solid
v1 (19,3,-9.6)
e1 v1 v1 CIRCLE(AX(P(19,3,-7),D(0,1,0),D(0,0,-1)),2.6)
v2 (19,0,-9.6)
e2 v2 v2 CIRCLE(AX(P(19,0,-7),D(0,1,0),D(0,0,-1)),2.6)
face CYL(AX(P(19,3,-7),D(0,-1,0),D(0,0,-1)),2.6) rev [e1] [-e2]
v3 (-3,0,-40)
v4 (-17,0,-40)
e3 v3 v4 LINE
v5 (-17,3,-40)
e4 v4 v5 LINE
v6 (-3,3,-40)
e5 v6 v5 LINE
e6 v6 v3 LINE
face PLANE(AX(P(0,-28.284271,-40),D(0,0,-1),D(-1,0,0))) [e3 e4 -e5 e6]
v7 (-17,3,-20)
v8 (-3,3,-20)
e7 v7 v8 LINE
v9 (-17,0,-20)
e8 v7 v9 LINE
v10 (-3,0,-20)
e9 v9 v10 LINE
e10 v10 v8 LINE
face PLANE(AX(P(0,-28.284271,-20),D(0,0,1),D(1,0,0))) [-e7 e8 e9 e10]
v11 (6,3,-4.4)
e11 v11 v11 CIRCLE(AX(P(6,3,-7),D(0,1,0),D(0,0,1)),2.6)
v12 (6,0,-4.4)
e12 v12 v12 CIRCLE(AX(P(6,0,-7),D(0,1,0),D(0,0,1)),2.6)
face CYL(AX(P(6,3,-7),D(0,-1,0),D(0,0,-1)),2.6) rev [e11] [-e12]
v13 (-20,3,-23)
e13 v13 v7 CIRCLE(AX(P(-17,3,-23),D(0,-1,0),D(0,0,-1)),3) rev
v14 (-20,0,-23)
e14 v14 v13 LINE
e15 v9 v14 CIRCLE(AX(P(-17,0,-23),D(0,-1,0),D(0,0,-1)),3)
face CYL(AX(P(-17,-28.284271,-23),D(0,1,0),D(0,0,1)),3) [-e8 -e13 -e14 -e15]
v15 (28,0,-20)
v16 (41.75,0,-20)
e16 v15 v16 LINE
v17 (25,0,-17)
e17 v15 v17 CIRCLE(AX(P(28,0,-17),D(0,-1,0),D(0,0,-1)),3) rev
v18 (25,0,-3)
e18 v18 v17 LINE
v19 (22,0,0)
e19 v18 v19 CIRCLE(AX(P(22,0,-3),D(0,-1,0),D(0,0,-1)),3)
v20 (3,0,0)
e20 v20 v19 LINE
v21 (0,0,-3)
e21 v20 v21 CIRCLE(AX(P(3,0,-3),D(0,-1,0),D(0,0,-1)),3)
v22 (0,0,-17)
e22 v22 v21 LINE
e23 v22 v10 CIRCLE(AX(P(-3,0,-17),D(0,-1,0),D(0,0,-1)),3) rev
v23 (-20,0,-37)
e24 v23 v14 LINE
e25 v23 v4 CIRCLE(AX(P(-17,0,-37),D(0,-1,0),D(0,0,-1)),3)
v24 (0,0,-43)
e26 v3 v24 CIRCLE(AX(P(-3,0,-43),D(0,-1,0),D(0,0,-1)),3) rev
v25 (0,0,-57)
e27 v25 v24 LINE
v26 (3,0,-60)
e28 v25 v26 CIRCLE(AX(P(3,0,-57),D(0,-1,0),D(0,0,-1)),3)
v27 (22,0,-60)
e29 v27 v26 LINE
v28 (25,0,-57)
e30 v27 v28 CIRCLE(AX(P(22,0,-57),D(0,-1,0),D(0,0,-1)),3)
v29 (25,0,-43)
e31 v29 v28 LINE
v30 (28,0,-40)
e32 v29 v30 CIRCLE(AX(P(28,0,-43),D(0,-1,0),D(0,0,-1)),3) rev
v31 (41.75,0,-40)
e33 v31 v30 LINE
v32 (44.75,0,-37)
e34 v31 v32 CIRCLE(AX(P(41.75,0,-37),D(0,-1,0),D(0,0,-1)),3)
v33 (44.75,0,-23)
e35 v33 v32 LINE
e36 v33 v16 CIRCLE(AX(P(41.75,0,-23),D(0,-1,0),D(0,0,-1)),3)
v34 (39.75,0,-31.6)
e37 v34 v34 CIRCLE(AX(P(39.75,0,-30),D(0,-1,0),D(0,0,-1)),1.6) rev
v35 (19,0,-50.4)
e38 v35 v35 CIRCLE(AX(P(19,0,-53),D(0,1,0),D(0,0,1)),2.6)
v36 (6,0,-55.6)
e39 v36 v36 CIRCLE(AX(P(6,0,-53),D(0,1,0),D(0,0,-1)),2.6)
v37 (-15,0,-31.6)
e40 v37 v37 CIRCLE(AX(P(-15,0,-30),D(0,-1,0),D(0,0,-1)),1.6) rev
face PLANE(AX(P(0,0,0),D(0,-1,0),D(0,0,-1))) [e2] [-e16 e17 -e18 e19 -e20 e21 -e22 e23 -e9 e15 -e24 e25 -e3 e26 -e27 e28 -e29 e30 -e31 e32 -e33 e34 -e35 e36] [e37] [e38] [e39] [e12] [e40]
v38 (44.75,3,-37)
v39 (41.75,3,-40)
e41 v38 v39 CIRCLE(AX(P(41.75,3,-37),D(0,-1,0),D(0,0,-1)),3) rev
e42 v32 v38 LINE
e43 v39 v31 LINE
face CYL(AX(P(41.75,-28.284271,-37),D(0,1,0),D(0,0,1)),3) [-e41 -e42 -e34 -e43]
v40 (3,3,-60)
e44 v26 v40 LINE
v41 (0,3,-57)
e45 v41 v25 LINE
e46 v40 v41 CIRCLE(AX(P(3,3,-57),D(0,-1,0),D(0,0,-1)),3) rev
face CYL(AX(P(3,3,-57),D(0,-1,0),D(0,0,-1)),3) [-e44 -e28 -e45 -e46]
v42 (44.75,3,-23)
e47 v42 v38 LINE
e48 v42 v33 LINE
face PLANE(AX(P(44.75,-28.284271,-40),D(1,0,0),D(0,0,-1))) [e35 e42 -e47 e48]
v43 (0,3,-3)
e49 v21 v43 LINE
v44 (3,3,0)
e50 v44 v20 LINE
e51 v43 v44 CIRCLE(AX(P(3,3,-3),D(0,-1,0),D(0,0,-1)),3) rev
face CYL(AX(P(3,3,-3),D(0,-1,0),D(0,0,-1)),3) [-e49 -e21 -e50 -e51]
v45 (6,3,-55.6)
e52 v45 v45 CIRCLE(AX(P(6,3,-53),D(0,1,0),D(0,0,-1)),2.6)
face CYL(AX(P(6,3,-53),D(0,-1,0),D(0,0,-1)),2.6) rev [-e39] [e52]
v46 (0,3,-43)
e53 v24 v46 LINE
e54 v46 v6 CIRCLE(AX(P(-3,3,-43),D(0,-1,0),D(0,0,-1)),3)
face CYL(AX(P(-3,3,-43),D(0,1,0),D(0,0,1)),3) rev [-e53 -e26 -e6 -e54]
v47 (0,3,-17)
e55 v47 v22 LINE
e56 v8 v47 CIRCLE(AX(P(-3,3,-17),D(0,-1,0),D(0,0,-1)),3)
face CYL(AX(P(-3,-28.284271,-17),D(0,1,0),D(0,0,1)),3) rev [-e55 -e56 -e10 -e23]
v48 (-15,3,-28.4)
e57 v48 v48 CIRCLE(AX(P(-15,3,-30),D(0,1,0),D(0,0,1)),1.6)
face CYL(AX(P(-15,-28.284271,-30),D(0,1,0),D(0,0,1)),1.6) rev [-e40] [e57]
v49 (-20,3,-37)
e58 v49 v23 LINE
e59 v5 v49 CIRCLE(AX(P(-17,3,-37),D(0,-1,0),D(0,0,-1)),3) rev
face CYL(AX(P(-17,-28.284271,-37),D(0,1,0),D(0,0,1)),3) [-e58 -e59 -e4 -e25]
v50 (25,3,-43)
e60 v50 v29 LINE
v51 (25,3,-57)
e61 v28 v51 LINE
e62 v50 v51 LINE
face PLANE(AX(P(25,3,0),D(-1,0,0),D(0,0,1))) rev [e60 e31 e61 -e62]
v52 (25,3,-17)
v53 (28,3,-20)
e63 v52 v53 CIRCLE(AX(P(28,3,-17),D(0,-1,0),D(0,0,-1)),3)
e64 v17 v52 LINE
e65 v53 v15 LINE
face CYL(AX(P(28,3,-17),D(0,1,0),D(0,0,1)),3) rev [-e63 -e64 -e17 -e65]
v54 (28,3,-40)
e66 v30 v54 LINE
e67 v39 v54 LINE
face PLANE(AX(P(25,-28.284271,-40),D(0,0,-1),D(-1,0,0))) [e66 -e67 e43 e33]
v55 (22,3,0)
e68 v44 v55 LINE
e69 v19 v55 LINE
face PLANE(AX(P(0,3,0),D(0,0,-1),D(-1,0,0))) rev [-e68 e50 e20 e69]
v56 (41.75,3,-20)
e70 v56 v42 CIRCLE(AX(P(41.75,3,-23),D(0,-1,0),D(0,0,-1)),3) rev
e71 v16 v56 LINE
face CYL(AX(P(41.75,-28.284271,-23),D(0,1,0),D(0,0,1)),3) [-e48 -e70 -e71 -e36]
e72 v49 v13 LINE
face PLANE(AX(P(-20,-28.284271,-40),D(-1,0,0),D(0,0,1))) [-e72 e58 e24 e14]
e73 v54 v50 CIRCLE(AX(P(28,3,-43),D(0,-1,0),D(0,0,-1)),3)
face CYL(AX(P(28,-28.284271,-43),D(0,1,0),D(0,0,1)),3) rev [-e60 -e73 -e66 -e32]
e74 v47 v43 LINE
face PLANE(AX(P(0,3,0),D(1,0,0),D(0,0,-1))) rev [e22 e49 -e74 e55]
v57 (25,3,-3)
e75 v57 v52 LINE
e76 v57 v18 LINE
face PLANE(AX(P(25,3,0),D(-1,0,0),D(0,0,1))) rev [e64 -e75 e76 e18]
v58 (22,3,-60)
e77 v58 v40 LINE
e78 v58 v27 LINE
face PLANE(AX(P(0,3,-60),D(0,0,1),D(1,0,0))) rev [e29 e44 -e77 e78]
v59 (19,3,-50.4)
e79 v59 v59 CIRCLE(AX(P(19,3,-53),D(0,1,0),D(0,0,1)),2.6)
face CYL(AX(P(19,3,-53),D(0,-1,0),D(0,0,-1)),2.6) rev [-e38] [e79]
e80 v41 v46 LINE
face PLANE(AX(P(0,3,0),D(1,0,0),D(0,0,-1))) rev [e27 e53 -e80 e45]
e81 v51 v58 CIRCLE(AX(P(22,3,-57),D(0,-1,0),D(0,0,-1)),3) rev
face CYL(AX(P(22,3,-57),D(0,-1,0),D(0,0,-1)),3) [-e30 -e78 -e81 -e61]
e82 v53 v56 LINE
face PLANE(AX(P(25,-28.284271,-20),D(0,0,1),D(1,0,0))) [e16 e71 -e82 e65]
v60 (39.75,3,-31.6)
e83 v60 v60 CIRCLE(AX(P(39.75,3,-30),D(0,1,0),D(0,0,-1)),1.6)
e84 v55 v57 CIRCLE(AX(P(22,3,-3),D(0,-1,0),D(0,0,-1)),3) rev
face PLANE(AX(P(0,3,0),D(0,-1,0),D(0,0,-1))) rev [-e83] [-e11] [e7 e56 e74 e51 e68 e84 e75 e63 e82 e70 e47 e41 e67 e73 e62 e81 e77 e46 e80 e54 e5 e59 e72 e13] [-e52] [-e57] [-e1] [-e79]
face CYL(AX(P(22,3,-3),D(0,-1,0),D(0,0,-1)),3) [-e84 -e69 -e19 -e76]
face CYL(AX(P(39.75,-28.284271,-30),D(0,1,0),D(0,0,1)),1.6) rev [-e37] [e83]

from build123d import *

# Parameters (mm, degrees)
SKETCH_1_W      = 25
SKETCH_1_H      = 60
SKETCH_1_R      = 2.6
EXTRUDE_1_DEPTH = 3
SKETCH_2_W      = 20
SKETCH_2_H      = 20
SKETCH_2_R      = 1.6
SKETCH_2_W_2    = 19.75
EXTRUDE_2_DEPTH = 3
FILLET_1_R      = 3


with BuildPart() as part:
    # 草图1 → 凸台-拉伸1 (new body)
    with BuildSketch(Plane(origin=(0, 0, 0), x_dir=(1, 0, 0), z_dir=(0, 1, 0))):
        with Locations((12.5, 30)):
            Rectangle(SKETCH_1_W, SKETCH_1_H)
        with Locations((6, 7)):
            Circle(SKETCH_1_R, mode=Mode.SUBTRACT)
        with Locations((19, 7)):
            Circle(SKETCH_1_R, mode=Mode.SUBTRACT)
        with Locations((6, 53)):
            Circle(SKETCH_1_R, mode=Mode.SUBTRACT)
        with Locations((19, 53)):
            Circle(SKETCH_1_R, mode=Mode.SUBTRACT)
    extrude(amount=EXTRUDE_1_DEPTH)

    # 草图2 → 凸台-拉伸2 (add)
    with BuildSketch(Plane(origin=(0, 3, 0), x_dir=(1, 0, 0), z_dir=(0, 1, 0))):
        with Locations((-10, 30)):
            Rectangle(SKETCH_2_W, SKETCH_2_H)
        with Locations((-15, 30)):
            Circle(SKETCH_2_R, mode=Mode.SUBTRACT)
        with Locations((34.875, 30)):
            Rectangle(SKETCH_2_W_2, SKETCH_2_H)
        with Locations((39.75, 30)):
            Circle(SKETCH_2_R, mode=Mode.SUBTRACT)
    extrude(amount=-EXTRUDE_2_DEPTH)

    # 圆角1
    fillet_1_edges = [part.edges().sort_by_distance(p)[0] for p in [
        (0, 1.5, -40),
        (0, 1.5, -20),
        (-20, 1.5, -20),
        (-20, 1.5, -40),
        (25, 1.5, -20),
        (25, 1.5, -40),
        (44.75, 1.5, -40),
        (44.75, 1.5, -20),
        (0, 1.5, -60),
        (25, 1.5, -60),
        (25, 1.5, 0),
        (0, 1.5, 0),
    ]]
    fillet(fillet_1_edges, radius=FILLET_1_R)


solid = part.part
